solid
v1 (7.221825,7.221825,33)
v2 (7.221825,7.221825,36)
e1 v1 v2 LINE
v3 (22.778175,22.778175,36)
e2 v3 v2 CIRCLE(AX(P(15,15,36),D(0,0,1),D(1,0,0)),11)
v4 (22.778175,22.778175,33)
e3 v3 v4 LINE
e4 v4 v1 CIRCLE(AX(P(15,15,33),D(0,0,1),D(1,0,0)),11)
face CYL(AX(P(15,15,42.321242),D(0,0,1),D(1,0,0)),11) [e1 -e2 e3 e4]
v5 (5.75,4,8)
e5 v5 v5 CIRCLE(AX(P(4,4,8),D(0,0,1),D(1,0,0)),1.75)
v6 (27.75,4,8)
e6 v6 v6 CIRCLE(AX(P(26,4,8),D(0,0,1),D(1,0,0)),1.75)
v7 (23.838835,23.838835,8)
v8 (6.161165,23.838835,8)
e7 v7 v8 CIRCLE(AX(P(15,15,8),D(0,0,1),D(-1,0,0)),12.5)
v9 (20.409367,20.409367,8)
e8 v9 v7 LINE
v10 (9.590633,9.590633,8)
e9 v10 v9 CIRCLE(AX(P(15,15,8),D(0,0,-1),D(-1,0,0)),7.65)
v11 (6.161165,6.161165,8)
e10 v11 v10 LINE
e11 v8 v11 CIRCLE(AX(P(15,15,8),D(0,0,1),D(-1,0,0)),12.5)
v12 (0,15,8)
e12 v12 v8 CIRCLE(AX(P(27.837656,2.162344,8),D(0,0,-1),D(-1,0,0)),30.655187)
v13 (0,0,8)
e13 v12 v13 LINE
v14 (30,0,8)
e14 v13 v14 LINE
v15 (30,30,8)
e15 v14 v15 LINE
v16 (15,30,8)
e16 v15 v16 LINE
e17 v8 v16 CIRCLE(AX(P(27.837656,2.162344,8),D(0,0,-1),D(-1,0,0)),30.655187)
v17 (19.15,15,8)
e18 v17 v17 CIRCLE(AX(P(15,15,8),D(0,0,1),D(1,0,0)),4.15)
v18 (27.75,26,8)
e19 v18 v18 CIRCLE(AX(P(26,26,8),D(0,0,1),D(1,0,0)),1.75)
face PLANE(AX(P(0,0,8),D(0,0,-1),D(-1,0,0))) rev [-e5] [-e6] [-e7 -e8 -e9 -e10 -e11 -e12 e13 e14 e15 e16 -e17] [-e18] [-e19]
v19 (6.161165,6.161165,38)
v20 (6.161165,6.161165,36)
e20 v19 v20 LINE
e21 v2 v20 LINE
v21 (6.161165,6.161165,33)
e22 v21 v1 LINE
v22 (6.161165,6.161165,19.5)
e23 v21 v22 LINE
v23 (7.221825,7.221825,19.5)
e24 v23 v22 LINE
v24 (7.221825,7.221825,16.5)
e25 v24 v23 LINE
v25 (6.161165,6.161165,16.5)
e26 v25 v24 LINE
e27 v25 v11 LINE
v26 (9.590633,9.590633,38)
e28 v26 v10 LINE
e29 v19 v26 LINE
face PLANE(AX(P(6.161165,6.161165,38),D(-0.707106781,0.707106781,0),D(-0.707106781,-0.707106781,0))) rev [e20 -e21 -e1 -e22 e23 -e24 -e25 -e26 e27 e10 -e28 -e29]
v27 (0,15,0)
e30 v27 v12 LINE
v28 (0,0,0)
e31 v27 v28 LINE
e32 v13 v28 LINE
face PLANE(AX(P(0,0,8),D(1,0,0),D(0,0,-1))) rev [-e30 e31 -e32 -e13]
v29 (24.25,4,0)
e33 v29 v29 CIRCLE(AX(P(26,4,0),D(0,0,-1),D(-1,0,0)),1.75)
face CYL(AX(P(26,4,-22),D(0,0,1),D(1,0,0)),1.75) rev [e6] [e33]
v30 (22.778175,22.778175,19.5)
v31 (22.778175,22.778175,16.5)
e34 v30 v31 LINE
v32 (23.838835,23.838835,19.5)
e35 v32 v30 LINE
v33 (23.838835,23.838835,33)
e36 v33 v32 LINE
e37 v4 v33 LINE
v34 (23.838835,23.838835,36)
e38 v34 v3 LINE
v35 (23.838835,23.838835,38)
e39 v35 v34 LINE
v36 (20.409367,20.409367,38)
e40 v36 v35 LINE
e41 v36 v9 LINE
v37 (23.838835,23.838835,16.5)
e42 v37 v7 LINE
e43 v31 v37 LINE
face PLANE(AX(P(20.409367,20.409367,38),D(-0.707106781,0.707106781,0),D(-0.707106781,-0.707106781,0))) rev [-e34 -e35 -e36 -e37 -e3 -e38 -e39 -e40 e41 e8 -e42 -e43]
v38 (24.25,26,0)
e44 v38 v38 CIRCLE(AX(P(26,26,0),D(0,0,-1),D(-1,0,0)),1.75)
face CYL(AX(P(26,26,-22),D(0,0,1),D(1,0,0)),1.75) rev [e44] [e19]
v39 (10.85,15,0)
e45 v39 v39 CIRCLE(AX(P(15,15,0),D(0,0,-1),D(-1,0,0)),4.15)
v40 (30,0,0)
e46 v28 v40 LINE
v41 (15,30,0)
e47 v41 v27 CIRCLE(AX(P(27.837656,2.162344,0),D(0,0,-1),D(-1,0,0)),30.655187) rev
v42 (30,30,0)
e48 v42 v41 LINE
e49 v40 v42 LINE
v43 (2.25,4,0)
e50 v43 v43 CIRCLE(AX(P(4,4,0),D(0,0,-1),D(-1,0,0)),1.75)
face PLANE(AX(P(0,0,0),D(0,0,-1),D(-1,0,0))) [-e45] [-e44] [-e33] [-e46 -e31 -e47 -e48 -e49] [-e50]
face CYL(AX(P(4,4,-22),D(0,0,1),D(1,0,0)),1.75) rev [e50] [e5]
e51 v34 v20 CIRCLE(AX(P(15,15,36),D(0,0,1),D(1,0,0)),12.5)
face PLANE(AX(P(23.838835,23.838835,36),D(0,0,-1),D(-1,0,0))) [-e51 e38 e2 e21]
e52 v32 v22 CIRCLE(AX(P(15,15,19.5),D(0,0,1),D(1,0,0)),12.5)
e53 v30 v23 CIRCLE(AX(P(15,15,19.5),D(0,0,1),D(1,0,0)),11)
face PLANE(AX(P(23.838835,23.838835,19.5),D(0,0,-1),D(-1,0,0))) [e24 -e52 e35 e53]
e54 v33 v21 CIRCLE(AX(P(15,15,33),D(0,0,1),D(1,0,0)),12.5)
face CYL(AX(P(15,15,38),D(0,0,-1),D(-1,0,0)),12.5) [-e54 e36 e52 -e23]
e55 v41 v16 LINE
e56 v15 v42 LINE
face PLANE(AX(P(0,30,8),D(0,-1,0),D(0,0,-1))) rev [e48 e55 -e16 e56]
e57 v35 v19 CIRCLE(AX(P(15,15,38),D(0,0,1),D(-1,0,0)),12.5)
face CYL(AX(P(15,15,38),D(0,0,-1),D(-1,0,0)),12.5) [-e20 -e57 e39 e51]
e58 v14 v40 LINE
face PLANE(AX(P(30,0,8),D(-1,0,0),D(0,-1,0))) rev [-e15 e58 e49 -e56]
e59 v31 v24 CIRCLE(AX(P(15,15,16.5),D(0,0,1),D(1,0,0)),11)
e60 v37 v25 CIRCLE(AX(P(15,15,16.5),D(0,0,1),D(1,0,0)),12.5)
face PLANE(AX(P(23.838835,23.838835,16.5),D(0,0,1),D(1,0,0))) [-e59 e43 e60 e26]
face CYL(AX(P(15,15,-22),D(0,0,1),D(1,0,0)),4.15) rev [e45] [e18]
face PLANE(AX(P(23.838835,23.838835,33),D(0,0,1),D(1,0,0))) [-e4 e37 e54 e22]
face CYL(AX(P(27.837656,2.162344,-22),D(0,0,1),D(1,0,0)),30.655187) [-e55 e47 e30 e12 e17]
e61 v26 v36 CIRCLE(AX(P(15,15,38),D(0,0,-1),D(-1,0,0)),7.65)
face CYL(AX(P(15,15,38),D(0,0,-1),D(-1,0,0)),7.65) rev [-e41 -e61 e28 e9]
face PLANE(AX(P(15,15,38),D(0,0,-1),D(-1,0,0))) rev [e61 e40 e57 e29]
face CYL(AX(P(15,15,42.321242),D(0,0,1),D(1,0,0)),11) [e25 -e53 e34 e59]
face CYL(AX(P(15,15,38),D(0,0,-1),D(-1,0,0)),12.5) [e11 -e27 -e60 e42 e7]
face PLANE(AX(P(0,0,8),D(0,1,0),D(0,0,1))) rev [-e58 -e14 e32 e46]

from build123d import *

# Parameters (mm, degrees)
IZIM1_W                     = 30
IZIM1_H                     = 30
Y_KSEKLIK_EKSTR_ZYON1_DEPTH = 8
IZIM3_R                     = 1.75
KES_EKSTR_ZYON1_DEPTH       = 30
Y_KSEKLIK_EKSTR_ZYON3_DEPTH = 30
KES_EKSTR_ZYON2_DEPTH       = 30
IZIM5_R                     = 4.15
KES_EKSTR_ZYON3_DEPTH       = 30
IZIM6_W                     = 3
IZIM6_H                     = 1.5


with BuildPart() as part:
    # Çizim1 → Yükseklik-Ekstrüzyon1 (new body)
    with BuildSketch(Plane.XY):
        with Locations((15, 15)):
            Rectangle(IZIM1_W, IZIM1_H)
    extrude(amount=Y_KSEKLIK_EKSTR_ZYON1_DEPTH)

    # Çizim3 → Kes-Ekstrüzyon1 (cut)
    with BuildSketch(Plane.XY.offset(8)):
        with Locations((4, 26)):
            Circle(IZIM3_R)
        with Locations((4, 4)):
            Circle(IZIM3_R)
        with Locations((26, 26)):
            Circle(IZIM3_R)
        with Locations((26, 4)):
            Circle(IZIM3_R)
    extrude(amount=-KES_EKSTR_ZYON1_DEPTH, mode=Mode.SUBTRACT)

    # Çizim2 → Yükseklik-Ekstrüzyon3 (add)
    with BuildSketch(Plane.XY.offset(8)):
        with BuildLine():
            Line((6.161165235, 6.161165235), (9.590633124, 9.590633124))
            ThreePointArc((9.590633124, 9.590633124), (9.590633124, 20.409366876), (20.409366876, 20.409366876))
            Line((20.409366876, 20.409366876), (23.838834765, 23.838834765))
            ThreePointArc((23.838834765, 23.838834765), (6.161165235, 23.838834765), (6.161165235, 6.161165235))
        make_face()
    extrude(amount=Y_KSEKLIK_EKSTR_ZYON3_DEPTH)

    # Çizim4 → Kes-Ekstrüzyon2 (cut)
    with BuildSketch(Plane.XY.offset(8)):
        with BuildLine():
            Line((0, 15), (0, 30))
            Line((0, 30), (15, 30))
            ThreePointArc((15, 30), (6.161165235, 23.838834765), (0, 15))
        make_face()
    extrude(amount=-KES_EKSTR_ZYON2_DEPTH, mode=Mode.SUBTRACT)

    # Çizim5 → Kes-Ekstrüzyon3 (cut)
    with BuildSketch(Plane.XY.offset(8)):
        with Locations((15, 15)):
            Circle(IZIM5_R)
    extrude(amount=-KES_EKSTR_ZYON3_DEPTH, mode=Mode.SUBTRACT)

    # Çizim6 → Kes-Döndür1 (revolve, cut)
    with BuildSketch(Plane(origin=(0, 0, 0), x_dir=(0, 0, -1), z_dir=(0.7071067811865472, -0.7071067811865478, 0))):
        with Locations((-34.5, 32.963203436)):
            Rectangle(IZIM6_W, IZIM6_H)
        with Locations((-18, 32.963203436)):
            Rectangle(IZIM6_W, IZIM6_H)
    revolve(axis=Axis((15, 15, 42.321242124), (0, 0, -1)), mode=Mode.SUBTRACT)


solid = part.part
